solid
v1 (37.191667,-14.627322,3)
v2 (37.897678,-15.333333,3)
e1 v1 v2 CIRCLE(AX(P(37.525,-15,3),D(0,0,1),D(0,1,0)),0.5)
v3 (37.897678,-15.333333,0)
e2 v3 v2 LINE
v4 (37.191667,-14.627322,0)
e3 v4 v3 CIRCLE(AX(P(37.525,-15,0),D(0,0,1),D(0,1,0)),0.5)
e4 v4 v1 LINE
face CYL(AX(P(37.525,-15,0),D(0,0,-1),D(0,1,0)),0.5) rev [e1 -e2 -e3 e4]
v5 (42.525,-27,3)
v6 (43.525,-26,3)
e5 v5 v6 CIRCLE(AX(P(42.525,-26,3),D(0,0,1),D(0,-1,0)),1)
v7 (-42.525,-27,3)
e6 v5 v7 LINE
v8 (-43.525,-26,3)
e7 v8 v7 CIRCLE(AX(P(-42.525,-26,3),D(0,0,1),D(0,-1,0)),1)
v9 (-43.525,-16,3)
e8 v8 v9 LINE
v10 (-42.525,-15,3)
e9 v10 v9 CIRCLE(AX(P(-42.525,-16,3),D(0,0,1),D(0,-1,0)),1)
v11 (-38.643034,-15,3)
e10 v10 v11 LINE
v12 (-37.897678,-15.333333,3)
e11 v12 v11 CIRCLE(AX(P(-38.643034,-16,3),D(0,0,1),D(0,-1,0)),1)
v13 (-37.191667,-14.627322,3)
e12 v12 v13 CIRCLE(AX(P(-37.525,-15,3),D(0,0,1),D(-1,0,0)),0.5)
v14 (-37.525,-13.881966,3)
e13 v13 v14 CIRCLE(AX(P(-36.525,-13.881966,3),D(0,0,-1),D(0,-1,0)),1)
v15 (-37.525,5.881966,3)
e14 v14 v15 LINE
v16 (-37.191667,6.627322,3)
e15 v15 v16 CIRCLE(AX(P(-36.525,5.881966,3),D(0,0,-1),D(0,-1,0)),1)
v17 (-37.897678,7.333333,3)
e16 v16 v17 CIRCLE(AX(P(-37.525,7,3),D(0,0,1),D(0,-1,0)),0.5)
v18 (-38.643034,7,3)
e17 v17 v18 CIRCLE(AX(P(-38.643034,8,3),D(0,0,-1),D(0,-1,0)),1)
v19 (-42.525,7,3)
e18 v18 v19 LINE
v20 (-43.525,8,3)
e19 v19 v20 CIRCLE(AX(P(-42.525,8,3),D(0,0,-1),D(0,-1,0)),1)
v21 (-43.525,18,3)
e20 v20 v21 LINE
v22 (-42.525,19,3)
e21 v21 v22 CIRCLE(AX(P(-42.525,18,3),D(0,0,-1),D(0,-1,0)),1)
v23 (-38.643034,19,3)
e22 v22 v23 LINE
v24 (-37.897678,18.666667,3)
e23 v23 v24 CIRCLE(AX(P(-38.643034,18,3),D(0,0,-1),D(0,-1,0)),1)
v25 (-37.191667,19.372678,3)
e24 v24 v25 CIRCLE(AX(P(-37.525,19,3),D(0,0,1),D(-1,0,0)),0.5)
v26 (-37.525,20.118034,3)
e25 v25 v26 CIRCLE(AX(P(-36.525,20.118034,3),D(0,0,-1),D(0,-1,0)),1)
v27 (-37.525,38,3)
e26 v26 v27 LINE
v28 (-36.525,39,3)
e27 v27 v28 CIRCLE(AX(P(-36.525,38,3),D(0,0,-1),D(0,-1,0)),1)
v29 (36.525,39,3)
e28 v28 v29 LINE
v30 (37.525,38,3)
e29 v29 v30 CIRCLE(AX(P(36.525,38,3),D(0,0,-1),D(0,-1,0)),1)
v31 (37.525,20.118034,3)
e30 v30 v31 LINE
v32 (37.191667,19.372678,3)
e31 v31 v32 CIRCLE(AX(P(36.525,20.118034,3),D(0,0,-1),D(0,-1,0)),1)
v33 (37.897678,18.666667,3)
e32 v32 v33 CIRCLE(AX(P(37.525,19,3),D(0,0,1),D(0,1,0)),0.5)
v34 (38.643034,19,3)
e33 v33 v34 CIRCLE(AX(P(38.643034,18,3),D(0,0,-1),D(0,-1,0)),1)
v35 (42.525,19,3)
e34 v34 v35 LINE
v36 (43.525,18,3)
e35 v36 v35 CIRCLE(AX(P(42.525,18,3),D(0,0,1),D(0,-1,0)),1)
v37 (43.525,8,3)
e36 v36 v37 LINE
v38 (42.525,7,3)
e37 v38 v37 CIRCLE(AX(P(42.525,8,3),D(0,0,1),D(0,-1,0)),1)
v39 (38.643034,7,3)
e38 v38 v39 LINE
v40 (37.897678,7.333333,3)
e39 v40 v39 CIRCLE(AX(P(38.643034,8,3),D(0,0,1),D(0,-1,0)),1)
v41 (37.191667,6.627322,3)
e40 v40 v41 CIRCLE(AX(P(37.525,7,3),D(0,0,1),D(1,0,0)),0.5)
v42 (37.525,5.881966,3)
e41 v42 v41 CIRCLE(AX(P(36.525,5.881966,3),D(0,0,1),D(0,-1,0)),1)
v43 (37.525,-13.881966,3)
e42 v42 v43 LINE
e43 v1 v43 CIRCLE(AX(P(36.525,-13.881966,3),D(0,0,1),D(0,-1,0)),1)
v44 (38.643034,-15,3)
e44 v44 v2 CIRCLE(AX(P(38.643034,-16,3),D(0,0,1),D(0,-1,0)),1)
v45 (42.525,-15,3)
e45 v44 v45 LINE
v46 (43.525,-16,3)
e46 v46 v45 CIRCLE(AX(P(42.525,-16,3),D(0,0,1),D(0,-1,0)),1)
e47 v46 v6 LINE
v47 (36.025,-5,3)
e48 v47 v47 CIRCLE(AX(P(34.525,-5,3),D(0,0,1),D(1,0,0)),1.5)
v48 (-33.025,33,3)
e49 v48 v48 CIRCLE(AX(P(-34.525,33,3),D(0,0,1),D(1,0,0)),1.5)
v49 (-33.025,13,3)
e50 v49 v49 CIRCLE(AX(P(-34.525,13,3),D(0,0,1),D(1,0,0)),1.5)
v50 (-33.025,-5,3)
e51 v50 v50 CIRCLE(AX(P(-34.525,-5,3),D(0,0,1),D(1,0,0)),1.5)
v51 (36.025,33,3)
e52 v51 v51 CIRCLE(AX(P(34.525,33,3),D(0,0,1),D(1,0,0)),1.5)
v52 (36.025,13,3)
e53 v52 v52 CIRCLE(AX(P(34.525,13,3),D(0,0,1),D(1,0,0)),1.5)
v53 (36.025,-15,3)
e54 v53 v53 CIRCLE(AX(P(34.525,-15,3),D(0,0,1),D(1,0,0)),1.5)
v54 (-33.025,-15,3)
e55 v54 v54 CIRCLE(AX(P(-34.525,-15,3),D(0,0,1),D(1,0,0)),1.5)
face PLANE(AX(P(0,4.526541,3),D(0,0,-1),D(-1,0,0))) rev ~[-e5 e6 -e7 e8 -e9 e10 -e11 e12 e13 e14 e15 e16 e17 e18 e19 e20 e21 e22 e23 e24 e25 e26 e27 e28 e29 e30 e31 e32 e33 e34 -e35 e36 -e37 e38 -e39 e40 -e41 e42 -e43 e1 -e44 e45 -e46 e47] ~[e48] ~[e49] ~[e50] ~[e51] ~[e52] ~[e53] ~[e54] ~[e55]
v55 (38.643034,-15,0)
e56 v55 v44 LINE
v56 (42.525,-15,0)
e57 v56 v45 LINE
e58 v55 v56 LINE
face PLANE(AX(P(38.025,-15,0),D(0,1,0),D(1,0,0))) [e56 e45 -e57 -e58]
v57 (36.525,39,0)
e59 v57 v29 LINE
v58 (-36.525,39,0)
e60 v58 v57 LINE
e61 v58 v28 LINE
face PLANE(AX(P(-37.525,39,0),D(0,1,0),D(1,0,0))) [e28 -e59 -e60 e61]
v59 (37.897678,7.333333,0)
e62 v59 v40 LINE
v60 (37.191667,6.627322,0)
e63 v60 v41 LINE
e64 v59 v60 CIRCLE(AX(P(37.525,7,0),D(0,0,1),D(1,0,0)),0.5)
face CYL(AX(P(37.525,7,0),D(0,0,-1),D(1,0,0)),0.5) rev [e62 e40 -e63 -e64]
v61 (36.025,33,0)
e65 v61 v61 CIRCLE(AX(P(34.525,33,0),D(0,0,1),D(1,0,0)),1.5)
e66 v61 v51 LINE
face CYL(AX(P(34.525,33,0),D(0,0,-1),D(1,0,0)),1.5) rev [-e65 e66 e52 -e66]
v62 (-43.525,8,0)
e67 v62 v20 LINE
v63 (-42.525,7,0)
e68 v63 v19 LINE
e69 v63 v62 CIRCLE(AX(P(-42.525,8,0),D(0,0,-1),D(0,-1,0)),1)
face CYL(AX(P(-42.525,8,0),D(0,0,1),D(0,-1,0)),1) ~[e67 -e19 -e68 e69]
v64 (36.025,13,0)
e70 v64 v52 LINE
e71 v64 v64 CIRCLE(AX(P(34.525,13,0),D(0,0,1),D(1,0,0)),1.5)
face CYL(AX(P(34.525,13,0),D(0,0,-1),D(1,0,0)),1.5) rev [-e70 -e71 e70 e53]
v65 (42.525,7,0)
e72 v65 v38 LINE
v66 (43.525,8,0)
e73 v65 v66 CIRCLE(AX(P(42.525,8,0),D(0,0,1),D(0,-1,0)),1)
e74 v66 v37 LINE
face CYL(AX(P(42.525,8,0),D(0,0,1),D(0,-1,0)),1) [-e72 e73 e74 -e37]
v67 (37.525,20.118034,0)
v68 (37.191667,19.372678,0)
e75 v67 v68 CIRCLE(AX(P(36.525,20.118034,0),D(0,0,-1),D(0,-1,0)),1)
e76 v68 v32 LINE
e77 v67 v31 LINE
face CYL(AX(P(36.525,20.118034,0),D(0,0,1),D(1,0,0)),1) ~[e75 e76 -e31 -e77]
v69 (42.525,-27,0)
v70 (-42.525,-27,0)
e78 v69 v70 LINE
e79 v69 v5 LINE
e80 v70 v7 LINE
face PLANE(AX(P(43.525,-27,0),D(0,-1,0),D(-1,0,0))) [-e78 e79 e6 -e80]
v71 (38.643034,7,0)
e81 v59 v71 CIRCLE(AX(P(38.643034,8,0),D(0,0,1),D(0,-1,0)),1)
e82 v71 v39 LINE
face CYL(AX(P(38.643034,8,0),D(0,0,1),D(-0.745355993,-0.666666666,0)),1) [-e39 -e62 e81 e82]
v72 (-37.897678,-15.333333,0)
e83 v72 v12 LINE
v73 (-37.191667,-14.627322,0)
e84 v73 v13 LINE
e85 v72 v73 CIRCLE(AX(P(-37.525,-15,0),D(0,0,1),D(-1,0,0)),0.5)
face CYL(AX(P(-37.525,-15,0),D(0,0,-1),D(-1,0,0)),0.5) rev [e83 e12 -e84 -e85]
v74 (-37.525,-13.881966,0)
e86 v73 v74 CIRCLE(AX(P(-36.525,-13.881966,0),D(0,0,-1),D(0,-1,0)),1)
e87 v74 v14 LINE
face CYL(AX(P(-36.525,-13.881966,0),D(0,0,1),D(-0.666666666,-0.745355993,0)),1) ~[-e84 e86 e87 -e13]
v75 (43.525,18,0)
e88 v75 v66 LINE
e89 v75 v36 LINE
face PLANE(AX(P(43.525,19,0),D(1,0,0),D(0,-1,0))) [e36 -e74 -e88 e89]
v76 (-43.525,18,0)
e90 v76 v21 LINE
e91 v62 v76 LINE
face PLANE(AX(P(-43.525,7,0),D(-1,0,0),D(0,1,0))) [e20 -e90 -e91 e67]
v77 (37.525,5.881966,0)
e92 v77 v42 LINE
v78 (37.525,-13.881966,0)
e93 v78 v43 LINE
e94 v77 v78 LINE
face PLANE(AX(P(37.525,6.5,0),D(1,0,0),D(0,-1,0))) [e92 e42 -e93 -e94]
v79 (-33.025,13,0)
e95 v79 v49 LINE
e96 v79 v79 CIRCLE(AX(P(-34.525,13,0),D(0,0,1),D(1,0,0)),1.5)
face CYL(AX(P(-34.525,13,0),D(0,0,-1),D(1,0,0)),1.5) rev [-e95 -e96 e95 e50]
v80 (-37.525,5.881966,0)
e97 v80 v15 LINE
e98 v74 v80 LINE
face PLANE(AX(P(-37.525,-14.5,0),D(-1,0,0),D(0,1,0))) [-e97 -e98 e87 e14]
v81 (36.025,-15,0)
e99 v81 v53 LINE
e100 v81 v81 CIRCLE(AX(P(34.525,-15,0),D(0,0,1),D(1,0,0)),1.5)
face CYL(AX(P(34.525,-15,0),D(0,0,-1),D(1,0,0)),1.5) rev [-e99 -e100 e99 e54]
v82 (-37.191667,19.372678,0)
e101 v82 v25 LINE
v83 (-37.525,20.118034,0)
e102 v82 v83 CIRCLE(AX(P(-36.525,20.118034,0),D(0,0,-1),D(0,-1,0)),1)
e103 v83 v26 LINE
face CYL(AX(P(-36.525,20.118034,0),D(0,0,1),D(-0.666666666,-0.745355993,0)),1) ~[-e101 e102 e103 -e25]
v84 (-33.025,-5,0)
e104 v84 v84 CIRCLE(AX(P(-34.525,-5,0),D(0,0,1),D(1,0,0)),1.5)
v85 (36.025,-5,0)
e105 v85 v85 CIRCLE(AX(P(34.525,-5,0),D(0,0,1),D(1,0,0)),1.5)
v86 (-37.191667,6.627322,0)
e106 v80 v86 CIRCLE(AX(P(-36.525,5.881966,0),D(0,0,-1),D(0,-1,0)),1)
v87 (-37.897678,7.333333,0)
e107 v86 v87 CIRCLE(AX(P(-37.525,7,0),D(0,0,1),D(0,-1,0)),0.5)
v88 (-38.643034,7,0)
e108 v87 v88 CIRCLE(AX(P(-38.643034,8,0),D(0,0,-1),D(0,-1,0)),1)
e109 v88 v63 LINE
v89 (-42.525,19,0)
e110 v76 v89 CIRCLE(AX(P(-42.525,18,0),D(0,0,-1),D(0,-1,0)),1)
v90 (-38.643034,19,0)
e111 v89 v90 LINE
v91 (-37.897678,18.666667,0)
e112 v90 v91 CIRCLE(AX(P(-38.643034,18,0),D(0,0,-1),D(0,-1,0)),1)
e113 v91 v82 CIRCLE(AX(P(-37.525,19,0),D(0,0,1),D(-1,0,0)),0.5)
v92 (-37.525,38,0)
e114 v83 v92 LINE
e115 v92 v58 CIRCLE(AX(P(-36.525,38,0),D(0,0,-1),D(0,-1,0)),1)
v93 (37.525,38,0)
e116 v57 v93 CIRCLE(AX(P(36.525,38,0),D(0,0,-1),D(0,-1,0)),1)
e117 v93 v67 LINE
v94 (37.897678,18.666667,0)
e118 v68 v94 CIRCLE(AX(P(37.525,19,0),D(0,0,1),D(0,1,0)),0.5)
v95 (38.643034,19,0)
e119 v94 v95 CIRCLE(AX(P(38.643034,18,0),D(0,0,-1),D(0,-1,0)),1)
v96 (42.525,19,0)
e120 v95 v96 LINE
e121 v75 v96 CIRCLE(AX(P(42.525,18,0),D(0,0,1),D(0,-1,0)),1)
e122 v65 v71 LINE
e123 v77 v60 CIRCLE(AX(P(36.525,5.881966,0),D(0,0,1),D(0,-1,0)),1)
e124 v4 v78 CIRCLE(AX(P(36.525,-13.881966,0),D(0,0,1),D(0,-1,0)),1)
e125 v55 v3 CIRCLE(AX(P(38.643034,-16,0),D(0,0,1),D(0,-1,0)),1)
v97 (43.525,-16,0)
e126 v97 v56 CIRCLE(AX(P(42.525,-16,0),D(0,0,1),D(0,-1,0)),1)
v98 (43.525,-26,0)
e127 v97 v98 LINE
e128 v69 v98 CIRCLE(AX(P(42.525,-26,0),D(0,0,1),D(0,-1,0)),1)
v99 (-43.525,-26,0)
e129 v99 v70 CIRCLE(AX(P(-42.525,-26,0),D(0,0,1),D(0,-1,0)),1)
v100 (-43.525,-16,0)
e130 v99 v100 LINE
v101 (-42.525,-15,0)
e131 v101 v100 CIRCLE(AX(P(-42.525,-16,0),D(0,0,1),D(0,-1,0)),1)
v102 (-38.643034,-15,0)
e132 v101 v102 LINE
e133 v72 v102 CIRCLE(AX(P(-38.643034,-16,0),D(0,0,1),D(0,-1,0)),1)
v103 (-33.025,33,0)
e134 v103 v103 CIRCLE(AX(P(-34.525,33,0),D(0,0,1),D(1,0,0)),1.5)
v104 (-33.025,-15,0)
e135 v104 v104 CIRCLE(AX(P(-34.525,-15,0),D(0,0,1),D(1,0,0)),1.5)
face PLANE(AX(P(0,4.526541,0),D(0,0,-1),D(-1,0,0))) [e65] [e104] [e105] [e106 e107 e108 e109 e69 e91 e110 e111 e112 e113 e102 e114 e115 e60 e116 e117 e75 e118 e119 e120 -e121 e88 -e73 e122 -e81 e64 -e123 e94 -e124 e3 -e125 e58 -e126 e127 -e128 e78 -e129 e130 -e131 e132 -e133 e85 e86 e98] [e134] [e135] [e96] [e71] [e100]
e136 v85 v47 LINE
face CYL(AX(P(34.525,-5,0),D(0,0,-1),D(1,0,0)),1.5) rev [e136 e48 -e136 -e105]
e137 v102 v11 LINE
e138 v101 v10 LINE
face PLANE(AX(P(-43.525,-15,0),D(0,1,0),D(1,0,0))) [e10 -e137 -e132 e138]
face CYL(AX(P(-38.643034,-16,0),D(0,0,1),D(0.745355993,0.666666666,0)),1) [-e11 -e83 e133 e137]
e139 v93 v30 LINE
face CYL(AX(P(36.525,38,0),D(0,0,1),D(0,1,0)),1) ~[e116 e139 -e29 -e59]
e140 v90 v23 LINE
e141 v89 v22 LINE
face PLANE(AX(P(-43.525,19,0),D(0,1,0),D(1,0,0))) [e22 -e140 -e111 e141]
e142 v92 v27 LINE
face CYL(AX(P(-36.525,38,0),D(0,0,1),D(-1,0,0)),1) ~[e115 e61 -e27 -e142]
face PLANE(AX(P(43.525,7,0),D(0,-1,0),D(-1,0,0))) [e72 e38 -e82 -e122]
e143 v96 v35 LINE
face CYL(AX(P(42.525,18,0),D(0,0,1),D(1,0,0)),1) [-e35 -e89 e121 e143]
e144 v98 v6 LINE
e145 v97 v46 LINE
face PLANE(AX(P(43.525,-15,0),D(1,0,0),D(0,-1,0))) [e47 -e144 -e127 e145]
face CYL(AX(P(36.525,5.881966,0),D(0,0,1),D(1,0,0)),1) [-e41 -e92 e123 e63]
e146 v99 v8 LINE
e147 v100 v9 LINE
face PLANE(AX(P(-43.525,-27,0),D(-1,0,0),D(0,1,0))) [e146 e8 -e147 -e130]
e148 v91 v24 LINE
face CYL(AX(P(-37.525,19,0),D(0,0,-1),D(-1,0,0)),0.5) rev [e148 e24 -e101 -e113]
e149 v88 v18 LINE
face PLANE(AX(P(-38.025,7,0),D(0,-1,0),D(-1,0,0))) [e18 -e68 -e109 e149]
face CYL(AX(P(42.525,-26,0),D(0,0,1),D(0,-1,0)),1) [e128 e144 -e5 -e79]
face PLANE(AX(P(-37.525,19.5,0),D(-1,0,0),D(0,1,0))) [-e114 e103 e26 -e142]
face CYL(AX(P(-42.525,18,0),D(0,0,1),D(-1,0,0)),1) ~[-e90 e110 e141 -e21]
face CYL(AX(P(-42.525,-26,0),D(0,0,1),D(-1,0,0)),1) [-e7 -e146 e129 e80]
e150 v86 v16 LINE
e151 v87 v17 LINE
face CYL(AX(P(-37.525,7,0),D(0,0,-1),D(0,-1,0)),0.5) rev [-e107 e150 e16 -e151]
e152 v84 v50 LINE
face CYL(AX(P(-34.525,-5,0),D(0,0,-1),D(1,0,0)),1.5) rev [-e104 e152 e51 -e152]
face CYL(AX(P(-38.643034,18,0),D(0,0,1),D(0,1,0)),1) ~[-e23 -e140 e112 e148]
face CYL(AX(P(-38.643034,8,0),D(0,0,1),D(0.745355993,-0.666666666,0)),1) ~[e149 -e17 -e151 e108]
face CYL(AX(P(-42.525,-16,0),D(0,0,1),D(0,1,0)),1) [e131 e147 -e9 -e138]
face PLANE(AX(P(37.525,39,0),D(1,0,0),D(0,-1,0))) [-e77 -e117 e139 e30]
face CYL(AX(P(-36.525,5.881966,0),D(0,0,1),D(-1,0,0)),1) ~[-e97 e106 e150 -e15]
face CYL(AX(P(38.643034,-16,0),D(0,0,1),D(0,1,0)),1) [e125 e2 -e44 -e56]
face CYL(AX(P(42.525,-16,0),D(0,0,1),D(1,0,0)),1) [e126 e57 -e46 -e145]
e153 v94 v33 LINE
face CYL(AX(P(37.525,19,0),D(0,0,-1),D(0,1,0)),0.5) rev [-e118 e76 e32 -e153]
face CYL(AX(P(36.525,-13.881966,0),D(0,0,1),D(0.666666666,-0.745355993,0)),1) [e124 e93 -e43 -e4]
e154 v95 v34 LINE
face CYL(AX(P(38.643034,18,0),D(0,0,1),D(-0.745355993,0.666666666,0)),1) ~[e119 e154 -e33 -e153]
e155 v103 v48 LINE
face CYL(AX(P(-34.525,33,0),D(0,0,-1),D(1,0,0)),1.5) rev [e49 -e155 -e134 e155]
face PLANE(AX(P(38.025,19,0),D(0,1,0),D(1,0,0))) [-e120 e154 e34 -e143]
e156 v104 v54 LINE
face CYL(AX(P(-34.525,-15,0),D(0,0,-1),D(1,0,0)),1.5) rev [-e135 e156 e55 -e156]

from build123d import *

# Parameters (mm, degrees)
SKETCH_1_R      = 1.5
EXTRUDE_1_DEPTH = 3
FILLET_1_R      = 1


with BuildPart() as part:
    # 草图1 → 凸台-拉伸1 (new body)
    with BuildSketch(Plane.XY):
        with BuildLine():
            ThreePointArc((-38.025, -15), (-37.171446609, -15.353553391), (-37.525, -14.5))
            Line((-37.525, -14.5), (-37.525, 6.5))
            ThreePointArc((-37.525, 6.5), (-37.171446609, 7.353553391), (-38.025, 7))
            Line((-38.025, 7), (-43.525, 7))
            Line((-43.525, 7), (-43.525, 19))
            Line((-43.525, 19), (-38.025, 19))
            ThreePointArc((-38.025, 19), (-37.171446609, 18.646446609), (-37.525, 19.5))
            Line((-37.525, 19.5), (-37.525, 39))
            Line((-37.525, 39), (37.525, 39))
            Line((37.525, 39), (37.525, 19.5))
            ThreePointArc((37.525, 19.5), (37.171446609, 18.646446609), (38.025, 19))
            Line((38.025, 19), (43.525, 19))
            Line((43.525, 19), (43.525, 7))
            Line((43.525, 7), (38.025, 7))
            ThreePointArc((38.025, 7), (37.171446609, 7.353553391), (37.525, 6.5))
            Line((37.525, 6.5), (37.525, -14.5))
            ThreePointArc((37.525, -14.5), (37.171446609, -15.353553391), (38.025, -15))
            Line((38.025, -15), (43.525, -15))
            Line((43.525, -15), (43.525, -27))
            Line((43.525, -27), (37.525, -27))
            Line((37.525, -27), (-37.525, -27))
            Line((-37.525, -27), (-43.525, -27))
            Line((-43.525, -27), (-43.525, -15))
            Line((-43.525, -15), (-38.025, -15))
        make_face()
        with Locations((34.525, -5)):
            Circle(SKETCH_1_R, mode=Mode.SUBTRACT)
        with Locations((34.525, 33)):
            Circle(SKETCH_1_R, mode=Mode.SUBTRACT)
        with Locations((-34.525, -15)):
            Circle(SKETCH_1_R, mode=Mode.SUBTRACT)
        with Locations((-34.525, -5)):
            Circle(SKETCH_1_R, mode=Mode.SUBTRACT)
        with Locations((-34.525, 13)):
            Circle(SKETCH_1_R, mode=Mode.SUBTRACT)
        with Locations((-34.525, 33)):
            Circle(SKETCH_1_R, mode=Mode.SUBTRACT)
        with Locations((34.525, 13)):
            Circle(SKETCH_1_R, mode=Mode.SUBTRACT)
        with Locations((34.525, -15)):
            Circle(SKETCH_1_R, mode=Mode.SUBTRACT)
    extrude(amount=EXTRUDE_1_DEPTH)

    # 圆角1
    fillet_1_edges = [part.edges().sort_by_distance(p)[0] for p in [
        (-37.525, -14.5, 1.5),
        (-37.525, 6.5, 1.5),
        (-38.025, 7, 1.5),
        (-43.525, 7, 1.5),
        (-43.525, 19, 1.5),
        (-38.025, 19, 1.5),
        (-37.525, 19.5, 1.5),
        (-37.525, 39, 1.5),
        (37.525, 39, 1.5),
        (37.525, 19.5, 1.5),
        (38.025, 19, 1.5),
        (43.525, 19, 1.5),
        (43.525, 7, 1.5),
        (38.025, 7, 1.5),
        (37.525, 6.5, 1.5),
        (37.525, -14.5, 1.5),
        (38.025, -15, 1.5),
        (43.525, -15, 1.5),
        (43.525, -27, 1.5),
        (-43.525, -27, 1.5),
        (-43.525, -15, 1.5),
        (-38.025, -15, 1.5),
    ]]
    fillet(fillet_1_edges, radius=FILLET_1_R)


solid = part.part
